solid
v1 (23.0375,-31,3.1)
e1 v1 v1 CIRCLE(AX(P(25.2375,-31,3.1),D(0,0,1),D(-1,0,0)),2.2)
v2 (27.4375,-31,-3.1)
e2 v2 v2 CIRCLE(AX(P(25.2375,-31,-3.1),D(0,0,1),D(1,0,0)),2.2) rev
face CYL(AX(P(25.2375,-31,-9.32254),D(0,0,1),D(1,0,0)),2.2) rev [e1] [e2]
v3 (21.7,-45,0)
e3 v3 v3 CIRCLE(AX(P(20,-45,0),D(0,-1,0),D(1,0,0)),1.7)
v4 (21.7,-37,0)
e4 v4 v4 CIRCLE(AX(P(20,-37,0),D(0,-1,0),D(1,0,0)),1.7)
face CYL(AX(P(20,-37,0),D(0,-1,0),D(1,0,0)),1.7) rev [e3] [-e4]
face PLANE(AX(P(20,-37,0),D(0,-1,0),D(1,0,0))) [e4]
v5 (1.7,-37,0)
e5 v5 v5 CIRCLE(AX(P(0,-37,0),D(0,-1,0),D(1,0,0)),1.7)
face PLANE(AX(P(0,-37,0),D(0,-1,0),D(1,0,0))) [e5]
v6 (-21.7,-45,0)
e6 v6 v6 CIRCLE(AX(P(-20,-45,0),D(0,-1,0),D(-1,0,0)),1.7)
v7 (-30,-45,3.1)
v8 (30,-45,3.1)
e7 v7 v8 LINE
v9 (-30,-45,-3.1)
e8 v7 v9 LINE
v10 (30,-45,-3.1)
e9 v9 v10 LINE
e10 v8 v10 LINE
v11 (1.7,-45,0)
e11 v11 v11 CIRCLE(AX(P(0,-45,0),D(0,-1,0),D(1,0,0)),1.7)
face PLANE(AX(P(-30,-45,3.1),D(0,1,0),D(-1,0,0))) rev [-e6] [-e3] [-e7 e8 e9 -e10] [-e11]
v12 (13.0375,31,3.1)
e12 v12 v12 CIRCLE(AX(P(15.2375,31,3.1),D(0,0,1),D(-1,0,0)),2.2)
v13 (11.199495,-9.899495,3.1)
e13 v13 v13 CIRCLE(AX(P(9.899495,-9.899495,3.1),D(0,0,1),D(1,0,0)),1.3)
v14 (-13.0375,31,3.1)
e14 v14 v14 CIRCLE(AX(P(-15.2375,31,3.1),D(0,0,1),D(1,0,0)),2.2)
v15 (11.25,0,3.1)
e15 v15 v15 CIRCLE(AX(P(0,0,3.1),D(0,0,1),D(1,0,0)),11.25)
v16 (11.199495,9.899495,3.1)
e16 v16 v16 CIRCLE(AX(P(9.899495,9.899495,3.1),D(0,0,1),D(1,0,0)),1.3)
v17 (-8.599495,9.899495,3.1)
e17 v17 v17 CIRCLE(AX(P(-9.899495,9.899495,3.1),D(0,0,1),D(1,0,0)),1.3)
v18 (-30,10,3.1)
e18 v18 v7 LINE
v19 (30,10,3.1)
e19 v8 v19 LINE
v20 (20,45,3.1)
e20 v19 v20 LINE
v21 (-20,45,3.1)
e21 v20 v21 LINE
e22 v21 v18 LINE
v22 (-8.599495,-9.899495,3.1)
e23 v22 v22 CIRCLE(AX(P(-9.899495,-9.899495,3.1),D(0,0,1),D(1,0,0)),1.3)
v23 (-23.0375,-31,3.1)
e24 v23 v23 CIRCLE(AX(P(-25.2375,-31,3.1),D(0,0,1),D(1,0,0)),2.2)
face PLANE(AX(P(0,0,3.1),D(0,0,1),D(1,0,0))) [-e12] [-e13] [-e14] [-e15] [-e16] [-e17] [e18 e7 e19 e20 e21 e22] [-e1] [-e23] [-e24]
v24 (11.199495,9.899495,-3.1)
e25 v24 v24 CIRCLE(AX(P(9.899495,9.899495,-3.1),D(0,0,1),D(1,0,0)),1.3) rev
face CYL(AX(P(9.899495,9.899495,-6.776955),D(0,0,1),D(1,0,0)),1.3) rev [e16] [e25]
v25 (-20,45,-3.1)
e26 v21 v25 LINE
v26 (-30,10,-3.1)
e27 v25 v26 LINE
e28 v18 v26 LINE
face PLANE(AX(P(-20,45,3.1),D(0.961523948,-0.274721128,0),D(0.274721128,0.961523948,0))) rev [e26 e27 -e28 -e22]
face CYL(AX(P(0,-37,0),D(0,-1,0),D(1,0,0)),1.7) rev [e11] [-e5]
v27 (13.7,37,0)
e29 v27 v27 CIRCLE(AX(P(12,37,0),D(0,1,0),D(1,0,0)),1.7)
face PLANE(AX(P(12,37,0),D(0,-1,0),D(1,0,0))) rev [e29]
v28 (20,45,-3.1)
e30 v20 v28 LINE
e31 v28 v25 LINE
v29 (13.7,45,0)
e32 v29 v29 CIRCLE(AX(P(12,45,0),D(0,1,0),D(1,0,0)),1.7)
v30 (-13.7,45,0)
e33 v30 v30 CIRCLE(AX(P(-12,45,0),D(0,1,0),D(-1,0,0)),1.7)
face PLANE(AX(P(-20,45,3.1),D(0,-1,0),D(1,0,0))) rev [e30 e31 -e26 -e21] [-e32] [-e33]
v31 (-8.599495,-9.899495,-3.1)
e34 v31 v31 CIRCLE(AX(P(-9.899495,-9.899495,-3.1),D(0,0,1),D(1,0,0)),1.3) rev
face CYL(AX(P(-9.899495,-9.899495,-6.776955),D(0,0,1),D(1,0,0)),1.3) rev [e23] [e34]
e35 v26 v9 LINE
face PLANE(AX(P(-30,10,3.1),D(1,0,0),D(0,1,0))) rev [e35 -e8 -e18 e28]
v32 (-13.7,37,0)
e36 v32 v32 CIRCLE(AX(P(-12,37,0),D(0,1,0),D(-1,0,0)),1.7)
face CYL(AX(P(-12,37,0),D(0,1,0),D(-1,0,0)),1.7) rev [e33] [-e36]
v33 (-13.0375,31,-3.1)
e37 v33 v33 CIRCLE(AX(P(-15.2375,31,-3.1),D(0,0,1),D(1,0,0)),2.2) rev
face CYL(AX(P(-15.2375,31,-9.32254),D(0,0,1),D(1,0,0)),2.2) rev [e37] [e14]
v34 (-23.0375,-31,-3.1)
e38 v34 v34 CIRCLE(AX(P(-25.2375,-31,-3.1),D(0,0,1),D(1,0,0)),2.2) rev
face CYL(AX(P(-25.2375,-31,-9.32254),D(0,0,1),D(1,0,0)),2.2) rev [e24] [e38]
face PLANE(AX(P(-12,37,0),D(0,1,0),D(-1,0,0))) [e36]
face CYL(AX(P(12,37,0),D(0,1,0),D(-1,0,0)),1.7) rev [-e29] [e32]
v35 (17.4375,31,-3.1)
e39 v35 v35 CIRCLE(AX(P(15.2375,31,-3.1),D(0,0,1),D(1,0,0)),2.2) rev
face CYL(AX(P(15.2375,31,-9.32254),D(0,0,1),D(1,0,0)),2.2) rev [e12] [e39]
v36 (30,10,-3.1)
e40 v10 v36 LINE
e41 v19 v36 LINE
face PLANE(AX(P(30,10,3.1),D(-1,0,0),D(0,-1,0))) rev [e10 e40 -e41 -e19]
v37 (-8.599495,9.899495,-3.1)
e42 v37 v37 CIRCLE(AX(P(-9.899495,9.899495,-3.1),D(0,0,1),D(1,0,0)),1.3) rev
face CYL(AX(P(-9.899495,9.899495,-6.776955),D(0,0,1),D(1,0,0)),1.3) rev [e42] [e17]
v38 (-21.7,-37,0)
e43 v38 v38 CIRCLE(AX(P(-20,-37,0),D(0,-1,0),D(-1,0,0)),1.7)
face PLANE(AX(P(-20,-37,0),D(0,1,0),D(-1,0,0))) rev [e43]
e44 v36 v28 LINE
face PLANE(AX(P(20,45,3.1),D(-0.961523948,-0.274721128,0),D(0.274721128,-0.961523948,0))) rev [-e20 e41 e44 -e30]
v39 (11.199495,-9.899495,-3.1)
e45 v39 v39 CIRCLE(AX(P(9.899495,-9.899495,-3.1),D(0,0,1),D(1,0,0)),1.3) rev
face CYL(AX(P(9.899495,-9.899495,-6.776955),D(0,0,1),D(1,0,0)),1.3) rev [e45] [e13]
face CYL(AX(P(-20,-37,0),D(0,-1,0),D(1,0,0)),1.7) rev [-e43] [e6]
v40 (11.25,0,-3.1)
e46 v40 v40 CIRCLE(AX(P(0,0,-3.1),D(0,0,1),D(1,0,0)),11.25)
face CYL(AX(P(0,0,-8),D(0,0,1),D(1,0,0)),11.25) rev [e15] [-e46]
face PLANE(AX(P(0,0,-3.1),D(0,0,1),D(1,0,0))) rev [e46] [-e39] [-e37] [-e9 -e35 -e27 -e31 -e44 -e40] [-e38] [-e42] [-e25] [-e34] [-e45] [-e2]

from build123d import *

# Parameters (mm, degrees)
EXTRUDE_1_4_DEPTH       = 3.1
CUT_EXTRUDE2_DEPTH      = 3.1
CUT_EXTRUDE2_DEPTH_BACK = 8
SKETCH3_R               = 11.25
SKETCH2_R               = 1.3
M3_DRILL_DEPTH          = 6.2
SKETCH4_R               = 1.7
M4_DRILL_DEPTH          = 8
SKETCH5_R               = 1.7
M4_DRILL2_DEPTH         = 8
SKETCH6_R               = 2.2
M4_THROUGH_DEPTH        = 6.2


with BuildPart() as part:
    # Sketch1 → 1/4 (new, symmetric)
    with BuildSketch(Plane.XY):
        Polygon((-20, 45), (20, 45), (30, 10), (30, -45), (-30, -45), (-30, 10), align=None)
    extrude(amount=EXTRUDE_1_4_DEPTH, both=True)

    # Sketch3 → Cut-Extrude2 (cut, two sides: drawn at the far end of the back side and taken through both)
    with BuildSketch(Plane.XY.offset(-CUT_EXTRUDE2_DEPTH_BACK)):
        Circle(SKETCH3_R)
    extrude(amount=CUT_EXTRUDE2_DEPTH + CUT_EXTRUDE2_DEPTH_BACK, mode=Mode.SUBTRACT)

    # Sketch2 → M3_DRILL (cut)
    with BuildSketch(Plane.XY.offset(3.1)):
        with Locations((-9.899494937, 9.899494937)):
            Circle(SKETCH2_R)
        with Locations((9.899494937, 9.899494937)):
            Circle(SKETCH2_R)
        with Locations((9.899494937, -9.899494937)):
            Circle(SKETCH2_R)
        with Locations((-9.899494937, -9.899494937)):
            Circle(SKETCH2_R)
    extrude(amount=-M3_DRILL_DEPTH, mode=Mode.SUBTRACT)

    # Sketch4 → M4_DRILL (cut)
    with BuildSketch(Plane(origin=(0, 45, 0), x_dir=(1, 0, 0), z_dir=(0, 1, 0))):
        with Locations(Location((-12, 0, 0), (0, 0, 180))):
            Circle(SKETCH4_R)
        with Locations((12, 0)):
            Circle(SKETCH4_R)
    extrude(amount=-M4_DRILL_DEPTH, mode=Mode.SUBTRACT)

    # Sketch5 → M4_DRILL2 (cut)
    with BuildSketch(Plane(origin=(0, -45, 0), x_dir=(-1, 0, 0), z_dir=(0, -1, 0))):
        with Locations(Location((-20, 0, 0), (0, 0, 180))):
            Circle(SKETCH5_R)
        with Locations((20, 0)):
            Circle(SKETCH5_R)
        with Locations(Location((0, 0, 0), (0, 0, 180))):
            Circle(SKETCH5_R)
    extrude(amount=-M4_DRILL2_DEPTH, mode=Mode.SUBTRACT)

    # Sketch6 → M4_through (cut)
    with BuildSketch(Plane.XY.offset(3.1)):
        with Locations((-25.2375, -31)):
            Circle(SKETCH6_R)
        with Locations((25.2375, -31)):
            Circle(SKETCH6_R)
        with Locations((-15.2375, 31)):
            Circle(SKETCH6_R)
        with Locations((15.2375, 31)):
            Circle(SKETCH6_R)
    extrude(amount=-M4_THROUGH_DEPTH, mode=Mode.SUBTRACT)


solid = part.part
